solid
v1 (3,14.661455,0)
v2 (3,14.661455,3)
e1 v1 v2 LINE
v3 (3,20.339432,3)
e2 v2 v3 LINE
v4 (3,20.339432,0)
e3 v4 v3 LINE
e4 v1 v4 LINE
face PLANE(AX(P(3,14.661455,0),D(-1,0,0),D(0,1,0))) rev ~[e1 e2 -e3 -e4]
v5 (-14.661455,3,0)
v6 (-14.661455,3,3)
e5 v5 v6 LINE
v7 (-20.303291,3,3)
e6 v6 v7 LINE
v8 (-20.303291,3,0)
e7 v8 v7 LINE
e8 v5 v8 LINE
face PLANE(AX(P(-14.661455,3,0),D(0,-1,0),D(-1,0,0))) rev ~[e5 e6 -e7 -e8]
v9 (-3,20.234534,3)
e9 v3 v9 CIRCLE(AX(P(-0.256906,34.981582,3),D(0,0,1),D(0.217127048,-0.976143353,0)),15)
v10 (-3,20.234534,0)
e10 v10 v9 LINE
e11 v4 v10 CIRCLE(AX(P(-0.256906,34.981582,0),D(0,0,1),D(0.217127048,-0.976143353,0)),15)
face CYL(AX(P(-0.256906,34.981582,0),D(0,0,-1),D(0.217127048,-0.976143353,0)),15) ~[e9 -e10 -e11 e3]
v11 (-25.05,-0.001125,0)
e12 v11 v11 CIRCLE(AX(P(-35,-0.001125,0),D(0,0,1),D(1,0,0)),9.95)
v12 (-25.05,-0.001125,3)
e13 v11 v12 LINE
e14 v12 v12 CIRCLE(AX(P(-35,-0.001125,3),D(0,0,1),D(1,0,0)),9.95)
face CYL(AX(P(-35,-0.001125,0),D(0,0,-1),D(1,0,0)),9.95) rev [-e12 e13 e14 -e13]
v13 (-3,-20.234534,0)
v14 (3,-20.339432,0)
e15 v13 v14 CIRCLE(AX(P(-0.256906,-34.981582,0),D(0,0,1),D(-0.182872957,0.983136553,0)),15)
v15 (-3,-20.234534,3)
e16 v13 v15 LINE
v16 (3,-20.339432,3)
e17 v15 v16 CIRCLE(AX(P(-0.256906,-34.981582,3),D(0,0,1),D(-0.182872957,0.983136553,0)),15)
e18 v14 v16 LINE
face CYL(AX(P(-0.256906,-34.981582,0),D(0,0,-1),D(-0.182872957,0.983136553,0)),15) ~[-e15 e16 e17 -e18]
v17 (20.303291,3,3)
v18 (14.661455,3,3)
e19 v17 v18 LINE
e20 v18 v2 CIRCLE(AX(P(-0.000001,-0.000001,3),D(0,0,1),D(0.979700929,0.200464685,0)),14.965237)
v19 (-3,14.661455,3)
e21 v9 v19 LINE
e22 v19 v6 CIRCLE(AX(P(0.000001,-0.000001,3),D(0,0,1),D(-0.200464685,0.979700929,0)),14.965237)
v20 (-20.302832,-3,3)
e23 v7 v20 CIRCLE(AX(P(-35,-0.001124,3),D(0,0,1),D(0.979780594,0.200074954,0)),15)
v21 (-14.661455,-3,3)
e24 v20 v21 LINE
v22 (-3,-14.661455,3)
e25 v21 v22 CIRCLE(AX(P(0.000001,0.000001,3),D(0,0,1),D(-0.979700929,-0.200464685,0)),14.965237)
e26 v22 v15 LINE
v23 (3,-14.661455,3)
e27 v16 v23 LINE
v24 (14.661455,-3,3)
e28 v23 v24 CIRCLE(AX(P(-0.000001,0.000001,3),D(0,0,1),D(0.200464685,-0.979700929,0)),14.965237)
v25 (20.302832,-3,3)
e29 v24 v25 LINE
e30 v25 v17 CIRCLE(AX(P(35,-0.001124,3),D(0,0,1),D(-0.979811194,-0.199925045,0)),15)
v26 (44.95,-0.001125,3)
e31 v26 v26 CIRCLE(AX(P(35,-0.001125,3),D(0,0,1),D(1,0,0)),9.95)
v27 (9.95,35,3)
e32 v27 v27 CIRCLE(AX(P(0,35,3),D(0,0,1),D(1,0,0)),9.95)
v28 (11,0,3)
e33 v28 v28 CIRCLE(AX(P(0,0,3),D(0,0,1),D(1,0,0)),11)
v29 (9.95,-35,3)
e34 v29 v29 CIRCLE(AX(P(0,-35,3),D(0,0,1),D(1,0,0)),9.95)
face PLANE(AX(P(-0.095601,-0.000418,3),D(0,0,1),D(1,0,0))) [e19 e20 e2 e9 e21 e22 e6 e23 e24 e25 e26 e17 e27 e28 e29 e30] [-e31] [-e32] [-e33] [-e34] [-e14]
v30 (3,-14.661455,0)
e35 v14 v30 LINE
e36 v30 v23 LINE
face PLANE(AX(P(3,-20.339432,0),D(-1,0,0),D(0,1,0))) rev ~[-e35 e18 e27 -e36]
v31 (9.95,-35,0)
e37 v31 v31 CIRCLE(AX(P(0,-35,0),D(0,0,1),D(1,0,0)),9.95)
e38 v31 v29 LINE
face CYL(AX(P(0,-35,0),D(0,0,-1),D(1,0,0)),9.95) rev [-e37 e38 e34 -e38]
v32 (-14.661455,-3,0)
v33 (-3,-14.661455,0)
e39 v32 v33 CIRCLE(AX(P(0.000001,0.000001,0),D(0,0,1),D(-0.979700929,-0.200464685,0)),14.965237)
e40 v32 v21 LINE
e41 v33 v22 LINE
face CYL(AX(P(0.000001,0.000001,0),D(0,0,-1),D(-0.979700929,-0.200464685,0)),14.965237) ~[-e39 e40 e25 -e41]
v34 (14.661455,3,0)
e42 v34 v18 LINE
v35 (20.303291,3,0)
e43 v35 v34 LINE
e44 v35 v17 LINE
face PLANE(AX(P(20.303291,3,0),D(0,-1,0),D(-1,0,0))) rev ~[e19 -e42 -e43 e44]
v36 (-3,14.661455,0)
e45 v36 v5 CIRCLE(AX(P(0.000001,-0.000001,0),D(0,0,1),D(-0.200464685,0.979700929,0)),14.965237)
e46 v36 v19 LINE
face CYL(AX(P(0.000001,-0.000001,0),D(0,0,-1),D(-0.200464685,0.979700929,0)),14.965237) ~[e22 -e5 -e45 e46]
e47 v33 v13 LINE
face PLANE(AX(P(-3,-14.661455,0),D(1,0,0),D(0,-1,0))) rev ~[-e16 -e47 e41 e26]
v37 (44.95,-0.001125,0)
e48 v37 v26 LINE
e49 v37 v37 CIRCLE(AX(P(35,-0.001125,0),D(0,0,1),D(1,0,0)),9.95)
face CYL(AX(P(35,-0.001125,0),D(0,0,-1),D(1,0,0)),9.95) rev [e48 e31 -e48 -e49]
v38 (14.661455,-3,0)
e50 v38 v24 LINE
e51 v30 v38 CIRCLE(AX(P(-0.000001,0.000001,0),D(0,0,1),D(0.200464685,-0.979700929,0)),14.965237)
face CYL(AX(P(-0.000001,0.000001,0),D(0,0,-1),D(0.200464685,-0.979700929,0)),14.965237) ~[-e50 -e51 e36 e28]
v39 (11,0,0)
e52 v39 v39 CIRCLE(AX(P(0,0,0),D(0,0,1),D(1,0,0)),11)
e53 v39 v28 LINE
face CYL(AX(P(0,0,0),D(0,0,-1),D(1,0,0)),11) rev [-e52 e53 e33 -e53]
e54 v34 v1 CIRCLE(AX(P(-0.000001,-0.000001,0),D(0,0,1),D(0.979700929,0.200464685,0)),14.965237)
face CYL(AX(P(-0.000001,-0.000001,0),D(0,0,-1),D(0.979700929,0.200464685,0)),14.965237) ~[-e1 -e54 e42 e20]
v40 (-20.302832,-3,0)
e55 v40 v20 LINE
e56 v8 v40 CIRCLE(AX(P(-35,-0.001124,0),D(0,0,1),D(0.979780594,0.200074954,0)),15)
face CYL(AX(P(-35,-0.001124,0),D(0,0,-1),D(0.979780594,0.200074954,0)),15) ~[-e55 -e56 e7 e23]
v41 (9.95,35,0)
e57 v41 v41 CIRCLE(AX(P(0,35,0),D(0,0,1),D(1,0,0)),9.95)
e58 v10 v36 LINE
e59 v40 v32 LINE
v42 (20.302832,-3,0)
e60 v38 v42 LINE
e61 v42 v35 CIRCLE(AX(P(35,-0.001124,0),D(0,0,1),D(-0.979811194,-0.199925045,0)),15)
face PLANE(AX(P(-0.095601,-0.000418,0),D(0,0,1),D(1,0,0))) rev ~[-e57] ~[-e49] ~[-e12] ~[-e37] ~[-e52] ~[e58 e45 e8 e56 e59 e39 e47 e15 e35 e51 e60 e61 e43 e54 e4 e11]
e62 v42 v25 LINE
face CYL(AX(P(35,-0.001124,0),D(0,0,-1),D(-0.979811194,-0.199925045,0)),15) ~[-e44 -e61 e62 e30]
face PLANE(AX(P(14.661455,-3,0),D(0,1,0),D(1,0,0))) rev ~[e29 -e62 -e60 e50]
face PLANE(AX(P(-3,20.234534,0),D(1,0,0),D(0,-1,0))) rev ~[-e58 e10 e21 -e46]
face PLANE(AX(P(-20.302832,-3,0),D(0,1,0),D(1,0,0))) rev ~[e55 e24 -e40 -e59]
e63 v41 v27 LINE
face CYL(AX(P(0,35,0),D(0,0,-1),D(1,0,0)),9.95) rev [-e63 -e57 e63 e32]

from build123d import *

# Parameters (mm, degrees)
F0_R     = 9.95
F0_R_2   = 11
F1_DEPTH = 3


with BuildPart() as f1:
    # F0 (on Top) → F1 (new body)
    with BuildSketch(Plane.XY):
        with BuildLine():
            ThreePointArc((-3, -20.234534), (-0.51911, -49.97929), (3, -20.339432))
            Line((3, -20.339432), (3, -14.661455))
            ThreePointArc((3, -14.661455), (10.582019, -10.582019), (14.661455, -3))
            Line((14.661455, -3), (20.302832, -3))
            ThreePointArc((20.302832, -3), (50, -0.002273), (20.303291, 3))
            Line((20.303291, 3), (14.661455, 3))
            ThreePointArc((14.661455, 3), (10.582019, 10.582019), (3, 14.661455))
            Line((3, 14.661455), (3, 20.339432))
            ThreePointArc((3, 20.339432), (-0.51911, 49.97929), (-3, 20.234534))
            Line((-3, 20.234534), (-3, 14.661455))
            ThreePointArc((-3, 14.661455), (-10.582019, 10.582019), (-14.661455, 3))
            Line((-14.661455, 3), (-20.303291, 3))
            ThreePointArc((-20.303291, 3), (-50, -0.002273), (-20.302832, -3))
            Line((-20.302832, -3), (-14.661455, -3))
            ThreePointArc((-14.661455, -3), (-10.582019, -10.582019), (-3, -14.661455))
            Line((-3, -14.661455), (-3, -20.234534))
        make_face()
        with Locations((-35, -0.001125)):
            Circle(F0_R, mode=Mode.SUBTRACT)
        with Locations((0, -35)):
            Circle(F0_R, mode=Mode.SUBTRACT)
        with Locations((35, -0.001125)):
            Circle(F0_R, mode=Mode.SUBTRACT)
        Circle(F0_R_2, mode=Mode.SUBTRACT)
        with Locations((0, 35)):
            Circle(F0_R, mode=Mode.SUBTRACT)
    extrude(amount=F1_DEPTH)


solid = f1.part
